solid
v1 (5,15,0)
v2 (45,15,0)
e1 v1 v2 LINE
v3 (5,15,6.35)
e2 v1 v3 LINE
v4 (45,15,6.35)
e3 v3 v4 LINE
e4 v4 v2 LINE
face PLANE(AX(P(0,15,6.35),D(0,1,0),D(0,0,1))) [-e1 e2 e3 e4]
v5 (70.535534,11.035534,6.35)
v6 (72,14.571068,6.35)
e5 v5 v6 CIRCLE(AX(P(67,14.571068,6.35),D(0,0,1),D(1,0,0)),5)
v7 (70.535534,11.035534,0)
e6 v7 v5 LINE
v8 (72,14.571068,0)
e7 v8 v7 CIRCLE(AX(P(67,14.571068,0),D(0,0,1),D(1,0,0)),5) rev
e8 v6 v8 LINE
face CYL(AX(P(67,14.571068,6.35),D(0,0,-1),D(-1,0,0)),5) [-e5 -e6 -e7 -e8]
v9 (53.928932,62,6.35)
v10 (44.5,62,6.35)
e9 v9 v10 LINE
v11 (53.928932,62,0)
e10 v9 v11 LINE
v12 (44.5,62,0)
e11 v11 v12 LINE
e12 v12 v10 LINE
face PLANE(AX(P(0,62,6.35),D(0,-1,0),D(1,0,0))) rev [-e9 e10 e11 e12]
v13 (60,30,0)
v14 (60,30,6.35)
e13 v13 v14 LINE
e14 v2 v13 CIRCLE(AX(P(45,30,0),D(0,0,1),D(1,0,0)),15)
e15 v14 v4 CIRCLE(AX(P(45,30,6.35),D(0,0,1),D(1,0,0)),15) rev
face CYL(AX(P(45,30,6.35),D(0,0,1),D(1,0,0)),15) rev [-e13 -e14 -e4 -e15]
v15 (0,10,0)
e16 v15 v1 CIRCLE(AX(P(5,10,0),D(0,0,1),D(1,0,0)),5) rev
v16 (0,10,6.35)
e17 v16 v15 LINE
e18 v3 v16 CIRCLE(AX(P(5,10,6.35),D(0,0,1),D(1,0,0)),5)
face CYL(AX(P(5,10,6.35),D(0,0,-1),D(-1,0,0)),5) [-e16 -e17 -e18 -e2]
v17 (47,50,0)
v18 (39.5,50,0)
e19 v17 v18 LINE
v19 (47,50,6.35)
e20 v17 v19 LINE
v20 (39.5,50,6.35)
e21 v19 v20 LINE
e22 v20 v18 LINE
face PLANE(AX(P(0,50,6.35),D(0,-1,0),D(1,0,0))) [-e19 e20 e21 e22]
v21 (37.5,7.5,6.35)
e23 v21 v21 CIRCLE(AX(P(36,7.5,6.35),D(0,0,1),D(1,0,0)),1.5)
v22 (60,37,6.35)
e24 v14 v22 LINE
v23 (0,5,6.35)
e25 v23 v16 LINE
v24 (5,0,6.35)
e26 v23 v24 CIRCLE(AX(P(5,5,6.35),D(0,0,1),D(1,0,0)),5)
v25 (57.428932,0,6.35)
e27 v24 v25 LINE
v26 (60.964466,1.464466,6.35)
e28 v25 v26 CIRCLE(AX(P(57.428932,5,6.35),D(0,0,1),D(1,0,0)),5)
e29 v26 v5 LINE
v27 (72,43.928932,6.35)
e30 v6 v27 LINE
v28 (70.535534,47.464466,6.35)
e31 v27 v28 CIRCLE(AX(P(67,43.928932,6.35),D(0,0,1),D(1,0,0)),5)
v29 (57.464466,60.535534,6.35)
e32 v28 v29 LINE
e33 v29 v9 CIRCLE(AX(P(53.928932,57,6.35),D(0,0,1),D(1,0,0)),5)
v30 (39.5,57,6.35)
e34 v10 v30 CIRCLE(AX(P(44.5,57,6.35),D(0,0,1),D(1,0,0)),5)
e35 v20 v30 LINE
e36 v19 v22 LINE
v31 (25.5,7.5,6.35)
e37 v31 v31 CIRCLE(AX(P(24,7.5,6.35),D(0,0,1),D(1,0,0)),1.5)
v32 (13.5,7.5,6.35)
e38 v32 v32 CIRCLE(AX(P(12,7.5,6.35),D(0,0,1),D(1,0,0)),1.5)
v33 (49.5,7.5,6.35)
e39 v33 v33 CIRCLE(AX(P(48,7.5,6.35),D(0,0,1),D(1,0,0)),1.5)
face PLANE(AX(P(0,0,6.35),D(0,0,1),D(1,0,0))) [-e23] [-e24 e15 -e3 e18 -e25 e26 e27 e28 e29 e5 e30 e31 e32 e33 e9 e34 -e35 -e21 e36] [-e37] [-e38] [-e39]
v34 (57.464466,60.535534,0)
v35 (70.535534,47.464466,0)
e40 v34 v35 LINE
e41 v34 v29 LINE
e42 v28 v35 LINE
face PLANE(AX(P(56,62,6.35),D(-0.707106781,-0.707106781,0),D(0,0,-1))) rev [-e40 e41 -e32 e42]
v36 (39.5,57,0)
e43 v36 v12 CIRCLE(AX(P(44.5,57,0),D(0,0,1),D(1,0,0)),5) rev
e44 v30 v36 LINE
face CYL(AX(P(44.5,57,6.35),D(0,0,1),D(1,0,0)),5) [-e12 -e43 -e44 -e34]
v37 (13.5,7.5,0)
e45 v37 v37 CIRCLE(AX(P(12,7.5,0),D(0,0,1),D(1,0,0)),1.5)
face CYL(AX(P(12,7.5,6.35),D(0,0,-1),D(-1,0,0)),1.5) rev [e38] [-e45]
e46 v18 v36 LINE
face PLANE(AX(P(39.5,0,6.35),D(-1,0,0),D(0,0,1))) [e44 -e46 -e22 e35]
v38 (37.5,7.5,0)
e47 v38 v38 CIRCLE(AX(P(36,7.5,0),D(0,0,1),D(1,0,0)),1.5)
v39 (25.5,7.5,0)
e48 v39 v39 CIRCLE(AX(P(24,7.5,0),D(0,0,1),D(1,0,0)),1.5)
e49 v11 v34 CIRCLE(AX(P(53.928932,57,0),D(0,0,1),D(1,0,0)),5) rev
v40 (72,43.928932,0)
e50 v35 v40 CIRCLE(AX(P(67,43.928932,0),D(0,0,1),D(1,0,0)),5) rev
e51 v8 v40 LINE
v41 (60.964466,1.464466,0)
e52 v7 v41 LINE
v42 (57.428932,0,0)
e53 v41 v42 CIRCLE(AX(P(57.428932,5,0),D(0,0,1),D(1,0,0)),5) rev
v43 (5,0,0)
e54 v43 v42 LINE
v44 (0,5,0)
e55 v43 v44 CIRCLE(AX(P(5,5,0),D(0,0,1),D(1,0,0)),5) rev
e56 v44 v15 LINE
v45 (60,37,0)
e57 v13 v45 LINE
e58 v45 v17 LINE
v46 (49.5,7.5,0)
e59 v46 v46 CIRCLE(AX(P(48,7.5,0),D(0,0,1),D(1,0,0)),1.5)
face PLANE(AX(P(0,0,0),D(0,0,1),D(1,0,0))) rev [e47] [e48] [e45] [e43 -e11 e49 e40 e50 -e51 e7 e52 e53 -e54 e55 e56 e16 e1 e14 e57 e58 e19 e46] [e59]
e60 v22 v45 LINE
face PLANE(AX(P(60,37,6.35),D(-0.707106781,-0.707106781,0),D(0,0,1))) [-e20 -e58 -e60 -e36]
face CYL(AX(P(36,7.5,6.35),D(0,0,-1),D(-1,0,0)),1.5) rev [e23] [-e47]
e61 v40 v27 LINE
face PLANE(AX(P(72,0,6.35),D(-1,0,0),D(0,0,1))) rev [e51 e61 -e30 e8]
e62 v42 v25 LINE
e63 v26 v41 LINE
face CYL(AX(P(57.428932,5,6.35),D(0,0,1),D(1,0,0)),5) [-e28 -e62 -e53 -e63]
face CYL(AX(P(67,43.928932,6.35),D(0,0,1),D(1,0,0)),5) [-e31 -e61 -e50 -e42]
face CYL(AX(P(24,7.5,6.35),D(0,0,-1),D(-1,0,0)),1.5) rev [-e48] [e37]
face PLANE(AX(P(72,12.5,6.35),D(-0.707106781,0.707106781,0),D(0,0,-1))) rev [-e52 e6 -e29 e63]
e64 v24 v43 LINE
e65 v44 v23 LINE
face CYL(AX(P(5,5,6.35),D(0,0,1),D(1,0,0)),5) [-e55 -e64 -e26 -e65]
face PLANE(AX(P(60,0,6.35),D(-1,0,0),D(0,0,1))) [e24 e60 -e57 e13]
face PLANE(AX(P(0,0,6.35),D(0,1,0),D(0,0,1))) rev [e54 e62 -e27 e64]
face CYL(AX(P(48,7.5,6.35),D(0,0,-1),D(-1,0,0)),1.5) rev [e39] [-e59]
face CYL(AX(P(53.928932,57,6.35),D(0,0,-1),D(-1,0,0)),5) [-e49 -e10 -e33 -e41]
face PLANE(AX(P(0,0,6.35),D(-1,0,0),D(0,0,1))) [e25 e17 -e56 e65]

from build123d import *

# Parameters (mm, degrees)
SKETCH1_W           = 60
SKETCH1_H           = 15
SKETCH1_R           = 1.5
BOSS_EXTRUDE1_DEPTH = 6.35
FILLET1_R           = 15
CHAMFER1_SIZE       = 13
FILLET3_R           = 5
CHAMFER2_SIZE       = 12.5
CHAMFER3_SIZE       = 16
FILLET4_R           = 5
FILLET5_R           = 5


with BuildPart() as part:
    # Sketch1 → Boss-Extrude1 (new body)
    with BuildSketch(Plane.XY):
        with Locations((30, 7.5)):
            Rectangle(SKETCH1_W, SKETCH1_H)
        with Locations((12, 7.5)):
            Circle(SKETCH1_R, mode=Mode.SUBTRACT)
        with Locations((24, 7.5)):
            Circle(SKETCH1_R, mode=Mode.SUBTRACT)
        with Locations((36, 7.5)):
            Circle(SKETCH1_R, mode=Mode.SUBTRACT)
        with Locations((48, 7.5)):
            Circle(SKETCH1_R, mode=Mode.SUBTRACT)
        Polygon((60, 15), (60, 0), (72, 0), (72, 50), (60, 50), align=None)
        Polygon((39.5, 50), (60, 50), (72, 50), (72, 62), (39.5, 62), align=None)
    extrude(amount=BOSS_EXTRUDE1_DEPTH)

    # Fillet1
    fillet1_edges = [part.edges().sort_by_distance(p)[0] for p in [
        (60, 15, 3.175),
    ]]
    fillet(fillet1_edges, radius=FILLET1_R)

    # Chamfer1
    chamfer1_edges = [part.edges().sort_by_distance(p)[0] for p in [
        (60, 50, 3.175),
    ]]
    chamfer(chamfer1_edges, length=CHAMFER1_SIZE)

    # Fillet3
    fillet3_edges = [part.edges().sort_by_distance(p)[0] for p in [
        (39.5, 62, 3.175),
    ]]
    fillet(fillet3_edges, radius=FILLET3_R)

    # Chamfer2
    chamfer2_edges = [part.edges().sort_by_distance(p)[0] for p in [
        (72, 0, 3.175),
    ]]
    chamfer(chamfer2_edges, length=CHAMFER2_SIZE)

    # Chamfer3
    chamfer3_edges = [part.edges().sort_by_distance(p)[0] for p in [
        (72, 62, 3.175),
    ]]
    chamfer(chamfer3_edges, length=CHAMFER3_SIZE)

    # Fillet4
    fillet4_edges = [part.edges().sort_by_distance(p)[0] for p in [
        (72, 12.5, 3.175),
        (59.5, 0, 3.175),
        (56, 62, 3.175),
        (72, 46, 3.175),
    ]]
    fillet(fillet4_edges, radius=FILLET4_R)

    # Fillet5
    fillet5_edges = [part.edges().sort_by_distance(p)[0] for p in [
        (0, 0, 3.175),
        (0, 15, 3.175),
    ]]
    fillet(fillet5_edges, radius=FILLET5_R)


solid = part.part
